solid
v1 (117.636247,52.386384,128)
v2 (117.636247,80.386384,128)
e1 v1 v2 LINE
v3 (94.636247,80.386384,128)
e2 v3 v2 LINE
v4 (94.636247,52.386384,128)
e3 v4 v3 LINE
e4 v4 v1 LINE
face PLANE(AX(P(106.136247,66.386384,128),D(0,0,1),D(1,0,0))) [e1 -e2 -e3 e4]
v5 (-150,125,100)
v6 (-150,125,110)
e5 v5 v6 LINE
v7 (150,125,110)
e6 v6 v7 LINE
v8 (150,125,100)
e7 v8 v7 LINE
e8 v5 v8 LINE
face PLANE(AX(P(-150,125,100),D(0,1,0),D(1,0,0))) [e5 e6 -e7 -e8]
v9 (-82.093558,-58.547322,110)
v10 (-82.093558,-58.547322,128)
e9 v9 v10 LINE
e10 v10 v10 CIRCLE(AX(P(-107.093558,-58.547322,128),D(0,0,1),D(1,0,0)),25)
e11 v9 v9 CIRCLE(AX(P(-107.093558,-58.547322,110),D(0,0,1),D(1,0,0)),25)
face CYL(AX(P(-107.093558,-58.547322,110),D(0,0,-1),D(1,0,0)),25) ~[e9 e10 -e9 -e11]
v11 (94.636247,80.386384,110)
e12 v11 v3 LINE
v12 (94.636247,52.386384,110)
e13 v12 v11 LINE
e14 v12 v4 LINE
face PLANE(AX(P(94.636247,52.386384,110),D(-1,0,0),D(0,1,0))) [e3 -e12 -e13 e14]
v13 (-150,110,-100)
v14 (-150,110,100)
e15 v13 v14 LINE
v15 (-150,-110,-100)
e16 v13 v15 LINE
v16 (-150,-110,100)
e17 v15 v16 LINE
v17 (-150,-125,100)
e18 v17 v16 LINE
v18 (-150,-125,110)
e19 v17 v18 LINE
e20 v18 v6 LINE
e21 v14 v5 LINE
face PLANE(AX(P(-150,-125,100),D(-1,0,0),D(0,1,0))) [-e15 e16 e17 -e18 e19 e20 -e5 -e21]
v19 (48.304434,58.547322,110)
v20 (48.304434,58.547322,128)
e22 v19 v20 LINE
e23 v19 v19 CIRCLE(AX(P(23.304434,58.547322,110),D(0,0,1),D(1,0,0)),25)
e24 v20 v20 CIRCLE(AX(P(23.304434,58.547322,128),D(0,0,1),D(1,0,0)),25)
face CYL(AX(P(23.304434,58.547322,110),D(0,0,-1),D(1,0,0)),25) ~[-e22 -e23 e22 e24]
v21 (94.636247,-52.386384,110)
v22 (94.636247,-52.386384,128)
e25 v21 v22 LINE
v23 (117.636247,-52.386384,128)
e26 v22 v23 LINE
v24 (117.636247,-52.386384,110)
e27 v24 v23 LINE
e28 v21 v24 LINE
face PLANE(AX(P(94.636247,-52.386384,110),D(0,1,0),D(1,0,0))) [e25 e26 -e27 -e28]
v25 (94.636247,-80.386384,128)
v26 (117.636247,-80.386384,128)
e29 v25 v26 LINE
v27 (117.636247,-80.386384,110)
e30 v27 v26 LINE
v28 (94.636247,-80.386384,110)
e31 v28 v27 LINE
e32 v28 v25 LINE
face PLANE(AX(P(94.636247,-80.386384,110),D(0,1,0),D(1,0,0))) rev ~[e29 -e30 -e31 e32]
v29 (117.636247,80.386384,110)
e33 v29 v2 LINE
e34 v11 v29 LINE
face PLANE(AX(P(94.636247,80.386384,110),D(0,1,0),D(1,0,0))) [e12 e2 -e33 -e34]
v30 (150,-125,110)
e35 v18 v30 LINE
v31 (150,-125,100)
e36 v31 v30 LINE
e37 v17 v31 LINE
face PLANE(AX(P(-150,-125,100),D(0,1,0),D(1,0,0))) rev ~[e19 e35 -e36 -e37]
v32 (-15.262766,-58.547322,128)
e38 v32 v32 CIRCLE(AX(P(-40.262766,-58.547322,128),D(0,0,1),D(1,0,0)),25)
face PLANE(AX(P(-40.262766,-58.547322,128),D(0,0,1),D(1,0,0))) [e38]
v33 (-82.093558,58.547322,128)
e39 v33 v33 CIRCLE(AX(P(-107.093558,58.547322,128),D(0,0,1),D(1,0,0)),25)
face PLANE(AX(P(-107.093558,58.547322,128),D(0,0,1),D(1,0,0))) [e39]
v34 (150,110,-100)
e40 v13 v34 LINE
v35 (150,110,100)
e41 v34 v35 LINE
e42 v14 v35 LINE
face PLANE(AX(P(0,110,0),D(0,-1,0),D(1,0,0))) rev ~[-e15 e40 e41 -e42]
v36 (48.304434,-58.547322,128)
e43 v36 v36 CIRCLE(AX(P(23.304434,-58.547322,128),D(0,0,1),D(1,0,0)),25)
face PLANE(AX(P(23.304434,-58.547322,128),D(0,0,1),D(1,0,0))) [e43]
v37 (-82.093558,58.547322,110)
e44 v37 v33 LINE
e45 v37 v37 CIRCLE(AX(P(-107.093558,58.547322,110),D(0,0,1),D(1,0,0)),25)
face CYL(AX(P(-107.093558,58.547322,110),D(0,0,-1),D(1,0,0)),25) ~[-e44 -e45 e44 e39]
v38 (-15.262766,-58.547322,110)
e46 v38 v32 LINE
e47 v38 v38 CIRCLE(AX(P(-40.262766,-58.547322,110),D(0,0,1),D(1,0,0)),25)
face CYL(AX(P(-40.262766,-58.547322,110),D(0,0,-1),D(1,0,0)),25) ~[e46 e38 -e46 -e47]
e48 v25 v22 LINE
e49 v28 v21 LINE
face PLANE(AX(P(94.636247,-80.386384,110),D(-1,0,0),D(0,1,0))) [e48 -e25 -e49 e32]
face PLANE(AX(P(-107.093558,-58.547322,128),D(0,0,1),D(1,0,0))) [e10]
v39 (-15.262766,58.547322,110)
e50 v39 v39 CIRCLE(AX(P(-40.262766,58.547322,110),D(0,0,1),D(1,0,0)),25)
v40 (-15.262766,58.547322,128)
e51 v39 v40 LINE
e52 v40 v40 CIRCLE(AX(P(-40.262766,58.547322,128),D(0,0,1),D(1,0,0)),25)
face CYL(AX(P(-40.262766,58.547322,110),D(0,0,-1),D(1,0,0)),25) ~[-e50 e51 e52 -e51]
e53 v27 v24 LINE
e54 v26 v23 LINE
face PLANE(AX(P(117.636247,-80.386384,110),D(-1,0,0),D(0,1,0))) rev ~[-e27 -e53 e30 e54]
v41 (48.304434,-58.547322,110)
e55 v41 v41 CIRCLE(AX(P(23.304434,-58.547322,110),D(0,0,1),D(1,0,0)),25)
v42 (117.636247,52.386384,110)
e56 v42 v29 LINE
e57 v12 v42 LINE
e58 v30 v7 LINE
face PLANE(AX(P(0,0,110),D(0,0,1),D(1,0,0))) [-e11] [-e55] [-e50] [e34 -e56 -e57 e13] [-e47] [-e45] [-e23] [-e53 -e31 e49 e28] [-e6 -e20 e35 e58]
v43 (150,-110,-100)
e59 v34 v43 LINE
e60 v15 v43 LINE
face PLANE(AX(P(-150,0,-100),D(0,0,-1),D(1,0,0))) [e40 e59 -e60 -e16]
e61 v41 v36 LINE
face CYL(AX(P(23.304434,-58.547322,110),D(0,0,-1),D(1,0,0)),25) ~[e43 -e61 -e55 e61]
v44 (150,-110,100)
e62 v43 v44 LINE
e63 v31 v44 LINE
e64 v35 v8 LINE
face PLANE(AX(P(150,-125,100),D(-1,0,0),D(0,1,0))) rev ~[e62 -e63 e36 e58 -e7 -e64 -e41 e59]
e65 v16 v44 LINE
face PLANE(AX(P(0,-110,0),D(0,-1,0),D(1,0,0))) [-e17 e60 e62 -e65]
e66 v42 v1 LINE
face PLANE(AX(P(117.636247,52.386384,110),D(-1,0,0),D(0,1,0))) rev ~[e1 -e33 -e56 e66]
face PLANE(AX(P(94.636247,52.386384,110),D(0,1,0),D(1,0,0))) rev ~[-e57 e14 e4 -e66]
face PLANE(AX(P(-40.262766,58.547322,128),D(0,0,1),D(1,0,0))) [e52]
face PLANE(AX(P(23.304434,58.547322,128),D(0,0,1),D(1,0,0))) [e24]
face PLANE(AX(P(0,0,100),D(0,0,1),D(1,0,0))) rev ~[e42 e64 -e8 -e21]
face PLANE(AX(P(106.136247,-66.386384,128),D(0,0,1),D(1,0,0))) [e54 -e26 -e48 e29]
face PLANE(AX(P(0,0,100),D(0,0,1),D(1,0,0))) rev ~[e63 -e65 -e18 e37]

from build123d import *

# Parameters (mm, degrees)
F0_W     = 300
F0_H     = 200
F1_DEPTH = 110
F2_W     = 300
F2_H     = 250
F3_DEPTH = 10
F4_R     = 25
F4_W     = 23
F4_H     = 28
F5_DEPTH = 18


with BuildPart() as f1:
    # F0 (on Front) → F1 (new body, symmetric)
    with BuildSketch(Plane.XZ):
        Rectangle(F0_W, F0_H)
    extrude(amount=F1_DEPTH, both=True)

    # F2 (on face) → F3 (join)
    with BuildSketch(Plane.XY.offset(100)):
        Rectangle(F2_W, F2_H)
    extrude(amount=F3_DEPTH)

    # F4 (on face) → F5 (join)
    with BuildSketch(Plane.XY.offset(110)):
        with Locations((-107.0935577154, 58.547321707)):
            Circle(F4_R)
        with Locations((-40.2627661824, 58.547321707)):
            Circle(F4_R)
        with Locations((23.3044344932, 58.547321707)):
            Circle(F4_R)
        with Locations((-107.0935577154, -58.547321707)):
            Circle(F4_R)
        with Locations((-40.2627661824, -58.547321707)):
            Circle(F4_R)
        with Locations((23.3044344932, -58.547321707)):
            Circle(F4_R)
        with Locations((106.136246562, 66.3863844573)):
            Rectangle(F4_W, F4_H)
        with Locations((106.136246562, -66.3863844573)):
            Rectangle(F4_W, F4_H)
    extrude(amount=F5_DEPTH)


solid = f1.part
